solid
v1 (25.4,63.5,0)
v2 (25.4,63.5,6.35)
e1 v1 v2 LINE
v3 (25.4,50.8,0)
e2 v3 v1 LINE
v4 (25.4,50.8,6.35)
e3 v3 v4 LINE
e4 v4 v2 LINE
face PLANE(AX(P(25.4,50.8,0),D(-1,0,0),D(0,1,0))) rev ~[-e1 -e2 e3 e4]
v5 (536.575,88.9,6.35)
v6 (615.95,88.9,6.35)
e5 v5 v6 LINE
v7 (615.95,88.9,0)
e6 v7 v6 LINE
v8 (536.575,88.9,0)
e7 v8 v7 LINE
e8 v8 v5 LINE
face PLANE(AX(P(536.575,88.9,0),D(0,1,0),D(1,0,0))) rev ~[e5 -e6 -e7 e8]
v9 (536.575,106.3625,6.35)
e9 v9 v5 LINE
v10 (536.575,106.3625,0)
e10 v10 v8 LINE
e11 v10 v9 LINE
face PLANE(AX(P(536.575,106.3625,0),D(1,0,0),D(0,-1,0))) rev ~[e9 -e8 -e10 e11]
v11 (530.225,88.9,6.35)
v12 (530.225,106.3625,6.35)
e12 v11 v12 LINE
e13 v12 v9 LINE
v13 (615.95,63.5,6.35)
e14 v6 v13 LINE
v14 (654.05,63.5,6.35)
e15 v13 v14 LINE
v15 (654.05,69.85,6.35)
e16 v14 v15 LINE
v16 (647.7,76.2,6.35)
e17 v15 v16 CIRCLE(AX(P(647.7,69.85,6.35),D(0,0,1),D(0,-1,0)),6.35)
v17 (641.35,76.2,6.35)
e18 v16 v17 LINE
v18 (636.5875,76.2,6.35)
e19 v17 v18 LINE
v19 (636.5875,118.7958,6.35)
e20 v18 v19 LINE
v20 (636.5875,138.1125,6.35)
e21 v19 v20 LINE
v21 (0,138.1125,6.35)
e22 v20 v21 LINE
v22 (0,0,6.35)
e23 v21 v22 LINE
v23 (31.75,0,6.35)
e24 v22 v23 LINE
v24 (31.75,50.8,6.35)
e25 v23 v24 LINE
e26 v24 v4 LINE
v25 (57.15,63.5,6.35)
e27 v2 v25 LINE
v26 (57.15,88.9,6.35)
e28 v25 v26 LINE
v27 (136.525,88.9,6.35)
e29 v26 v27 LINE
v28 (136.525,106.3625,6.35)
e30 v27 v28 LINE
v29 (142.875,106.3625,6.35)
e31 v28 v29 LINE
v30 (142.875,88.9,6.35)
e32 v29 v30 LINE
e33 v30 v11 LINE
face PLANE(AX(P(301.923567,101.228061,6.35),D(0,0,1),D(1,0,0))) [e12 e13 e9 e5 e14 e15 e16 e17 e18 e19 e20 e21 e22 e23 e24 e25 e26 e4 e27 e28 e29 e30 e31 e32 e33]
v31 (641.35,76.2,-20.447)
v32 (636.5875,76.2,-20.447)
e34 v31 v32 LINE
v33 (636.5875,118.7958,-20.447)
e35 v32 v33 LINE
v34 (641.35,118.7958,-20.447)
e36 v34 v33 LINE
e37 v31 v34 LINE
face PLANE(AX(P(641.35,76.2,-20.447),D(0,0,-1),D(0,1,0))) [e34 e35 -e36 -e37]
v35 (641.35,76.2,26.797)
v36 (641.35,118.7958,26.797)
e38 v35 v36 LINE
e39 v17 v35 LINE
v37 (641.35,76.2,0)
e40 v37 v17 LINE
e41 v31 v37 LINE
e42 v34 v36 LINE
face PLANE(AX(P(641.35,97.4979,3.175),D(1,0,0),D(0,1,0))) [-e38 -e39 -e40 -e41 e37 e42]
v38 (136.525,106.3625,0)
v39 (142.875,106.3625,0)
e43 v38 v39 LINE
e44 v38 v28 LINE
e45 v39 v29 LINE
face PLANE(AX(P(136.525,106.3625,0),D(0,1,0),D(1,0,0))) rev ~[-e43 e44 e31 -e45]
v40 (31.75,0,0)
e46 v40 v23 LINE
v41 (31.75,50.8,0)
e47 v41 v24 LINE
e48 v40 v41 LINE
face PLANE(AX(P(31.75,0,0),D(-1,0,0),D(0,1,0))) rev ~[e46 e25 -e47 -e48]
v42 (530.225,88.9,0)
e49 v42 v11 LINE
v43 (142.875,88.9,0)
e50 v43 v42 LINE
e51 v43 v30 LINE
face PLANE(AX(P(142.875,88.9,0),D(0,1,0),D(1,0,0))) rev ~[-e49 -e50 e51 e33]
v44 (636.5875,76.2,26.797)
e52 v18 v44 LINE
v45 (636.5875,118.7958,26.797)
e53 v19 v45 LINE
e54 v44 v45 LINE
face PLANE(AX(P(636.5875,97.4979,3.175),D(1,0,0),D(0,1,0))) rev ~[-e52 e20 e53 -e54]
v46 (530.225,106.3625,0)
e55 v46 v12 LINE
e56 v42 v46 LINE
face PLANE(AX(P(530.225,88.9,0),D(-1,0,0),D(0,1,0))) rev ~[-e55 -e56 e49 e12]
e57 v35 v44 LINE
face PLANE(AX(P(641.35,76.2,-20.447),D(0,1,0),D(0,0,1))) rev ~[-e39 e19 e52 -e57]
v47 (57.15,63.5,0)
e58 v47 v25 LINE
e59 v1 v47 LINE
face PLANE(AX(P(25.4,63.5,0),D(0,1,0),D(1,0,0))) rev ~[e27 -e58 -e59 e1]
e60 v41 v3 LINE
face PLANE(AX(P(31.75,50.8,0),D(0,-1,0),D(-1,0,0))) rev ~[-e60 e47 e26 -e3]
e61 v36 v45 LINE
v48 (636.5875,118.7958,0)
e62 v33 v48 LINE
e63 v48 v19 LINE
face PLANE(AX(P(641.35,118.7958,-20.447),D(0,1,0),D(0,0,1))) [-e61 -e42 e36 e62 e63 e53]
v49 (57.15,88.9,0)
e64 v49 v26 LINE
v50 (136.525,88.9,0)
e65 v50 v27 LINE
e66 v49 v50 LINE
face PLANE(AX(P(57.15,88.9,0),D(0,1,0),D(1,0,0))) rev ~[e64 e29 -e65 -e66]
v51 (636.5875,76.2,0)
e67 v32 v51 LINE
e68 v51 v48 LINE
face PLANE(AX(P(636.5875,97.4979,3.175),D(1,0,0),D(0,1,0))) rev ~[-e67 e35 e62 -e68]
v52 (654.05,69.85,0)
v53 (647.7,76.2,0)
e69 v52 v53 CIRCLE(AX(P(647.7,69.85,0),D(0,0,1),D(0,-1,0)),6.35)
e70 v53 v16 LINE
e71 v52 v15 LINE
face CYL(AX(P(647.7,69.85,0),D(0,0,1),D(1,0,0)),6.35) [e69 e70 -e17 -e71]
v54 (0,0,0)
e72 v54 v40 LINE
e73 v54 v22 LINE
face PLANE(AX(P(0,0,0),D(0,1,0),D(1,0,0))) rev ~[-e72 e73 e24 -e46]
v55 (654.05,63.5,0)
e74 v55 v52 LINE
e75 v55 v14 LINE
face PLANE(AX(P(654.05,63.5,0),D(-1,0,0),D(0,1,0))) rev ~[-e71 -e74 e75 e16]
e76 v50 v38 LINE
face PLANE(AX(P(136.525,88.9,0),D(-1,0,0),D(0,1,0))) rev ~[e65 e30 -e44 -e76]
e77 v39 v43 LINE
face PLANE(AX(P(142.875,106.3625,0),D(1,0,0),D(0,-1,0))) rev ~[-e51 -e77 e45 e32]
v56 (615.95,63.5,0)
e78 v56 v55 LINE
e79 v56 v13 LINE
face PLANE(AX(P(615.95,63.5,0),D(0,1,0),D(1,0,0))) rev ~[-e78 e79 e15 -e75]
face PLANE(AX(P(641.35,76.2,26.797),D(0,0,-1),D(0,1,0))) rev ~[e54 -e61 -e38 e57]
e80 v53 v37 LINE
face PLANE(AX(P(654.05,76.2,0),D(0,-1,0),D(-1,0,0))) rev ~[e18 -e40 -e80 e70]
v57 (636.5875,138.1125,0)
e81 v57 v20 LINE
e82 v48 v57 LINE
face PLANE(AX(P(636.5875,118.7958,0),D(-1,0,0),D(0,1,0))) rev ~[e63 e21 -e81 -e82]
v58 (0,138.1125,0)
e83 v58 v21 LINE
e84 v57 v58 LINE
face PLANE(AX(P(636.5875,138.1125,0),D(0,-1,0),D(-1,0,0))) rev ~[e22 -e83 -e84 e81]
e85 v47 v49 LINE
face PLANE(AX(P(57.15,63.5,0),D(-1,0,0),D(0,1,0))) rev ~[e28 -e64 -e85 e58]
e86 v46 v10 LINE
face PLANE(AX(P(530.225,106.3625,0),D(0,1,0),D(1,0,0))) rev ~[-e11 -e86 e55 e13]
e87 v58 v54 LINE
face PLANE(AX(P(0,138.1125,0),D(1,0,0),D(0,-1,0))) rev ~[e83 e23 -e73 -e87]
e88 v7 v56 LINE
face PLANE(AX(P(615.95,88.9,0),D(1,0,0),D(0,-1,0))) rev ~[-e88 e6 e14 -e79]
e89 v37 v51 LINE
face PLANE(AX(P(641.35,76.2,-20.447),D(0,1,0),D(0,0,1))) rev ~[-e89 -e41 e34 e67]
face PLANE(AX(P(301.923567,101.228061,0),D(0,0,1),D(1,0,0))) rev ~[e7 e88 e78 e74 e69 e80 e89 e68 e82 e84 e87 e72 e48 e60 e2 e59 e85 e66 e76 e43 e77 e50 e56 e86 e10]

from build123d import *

# Parameters (mm, degrees)
F1_DEPTH = 6.35
F2_W     = 42.5958
F2_H     = 47.244
F3_DEPTH = 4.7625
F4_R     = 6.35


with BuildPart() as f1:
    # F0 (on Top) → F1 (new body)
    with BuildSketch(Plane.XY):
        Polygon((0, 138.1125), (0, 0), (31.75, 0), (31.75, 50.8), (25.4, 50.8), (25.4, 63.5), (57.15, 63.5), (57.15, 88.9), (136.525, 88.9), (136.525, 106.3625), (142.875, 106.3625), (142.875, 88.9), (530.225, 88.9), (530.225, 106.3625), (536.575, 106.3625), (536.575, 88.9), (615.95, 88.9), (615.95, 63.5), (654.05, 63.5), (654.05, 76.2), (641.35, 76.2), (641.35, 118.7958), (636.5875, 118.7958), (636.5875, 138.1125), align=None)
    extrude(amount=F1_DEPTH)

    # F2 (on face) → F3 (join)
    with BuildSketch(Plane.YZ.offset(641.35)):
        with Locations((97.4979, 3.175)):
            Rectangle(F2_W, F2_H)
    extrude(amount=-F3_DEPTH)

    # F4
    f4_edges = [f1.edges().sort_by_distance(p)[0] for p in [
        (654.05, 76.2, 3.175),
    ]]
    fillet(f4_edges, radius=F4_R)


solid = f1.part
